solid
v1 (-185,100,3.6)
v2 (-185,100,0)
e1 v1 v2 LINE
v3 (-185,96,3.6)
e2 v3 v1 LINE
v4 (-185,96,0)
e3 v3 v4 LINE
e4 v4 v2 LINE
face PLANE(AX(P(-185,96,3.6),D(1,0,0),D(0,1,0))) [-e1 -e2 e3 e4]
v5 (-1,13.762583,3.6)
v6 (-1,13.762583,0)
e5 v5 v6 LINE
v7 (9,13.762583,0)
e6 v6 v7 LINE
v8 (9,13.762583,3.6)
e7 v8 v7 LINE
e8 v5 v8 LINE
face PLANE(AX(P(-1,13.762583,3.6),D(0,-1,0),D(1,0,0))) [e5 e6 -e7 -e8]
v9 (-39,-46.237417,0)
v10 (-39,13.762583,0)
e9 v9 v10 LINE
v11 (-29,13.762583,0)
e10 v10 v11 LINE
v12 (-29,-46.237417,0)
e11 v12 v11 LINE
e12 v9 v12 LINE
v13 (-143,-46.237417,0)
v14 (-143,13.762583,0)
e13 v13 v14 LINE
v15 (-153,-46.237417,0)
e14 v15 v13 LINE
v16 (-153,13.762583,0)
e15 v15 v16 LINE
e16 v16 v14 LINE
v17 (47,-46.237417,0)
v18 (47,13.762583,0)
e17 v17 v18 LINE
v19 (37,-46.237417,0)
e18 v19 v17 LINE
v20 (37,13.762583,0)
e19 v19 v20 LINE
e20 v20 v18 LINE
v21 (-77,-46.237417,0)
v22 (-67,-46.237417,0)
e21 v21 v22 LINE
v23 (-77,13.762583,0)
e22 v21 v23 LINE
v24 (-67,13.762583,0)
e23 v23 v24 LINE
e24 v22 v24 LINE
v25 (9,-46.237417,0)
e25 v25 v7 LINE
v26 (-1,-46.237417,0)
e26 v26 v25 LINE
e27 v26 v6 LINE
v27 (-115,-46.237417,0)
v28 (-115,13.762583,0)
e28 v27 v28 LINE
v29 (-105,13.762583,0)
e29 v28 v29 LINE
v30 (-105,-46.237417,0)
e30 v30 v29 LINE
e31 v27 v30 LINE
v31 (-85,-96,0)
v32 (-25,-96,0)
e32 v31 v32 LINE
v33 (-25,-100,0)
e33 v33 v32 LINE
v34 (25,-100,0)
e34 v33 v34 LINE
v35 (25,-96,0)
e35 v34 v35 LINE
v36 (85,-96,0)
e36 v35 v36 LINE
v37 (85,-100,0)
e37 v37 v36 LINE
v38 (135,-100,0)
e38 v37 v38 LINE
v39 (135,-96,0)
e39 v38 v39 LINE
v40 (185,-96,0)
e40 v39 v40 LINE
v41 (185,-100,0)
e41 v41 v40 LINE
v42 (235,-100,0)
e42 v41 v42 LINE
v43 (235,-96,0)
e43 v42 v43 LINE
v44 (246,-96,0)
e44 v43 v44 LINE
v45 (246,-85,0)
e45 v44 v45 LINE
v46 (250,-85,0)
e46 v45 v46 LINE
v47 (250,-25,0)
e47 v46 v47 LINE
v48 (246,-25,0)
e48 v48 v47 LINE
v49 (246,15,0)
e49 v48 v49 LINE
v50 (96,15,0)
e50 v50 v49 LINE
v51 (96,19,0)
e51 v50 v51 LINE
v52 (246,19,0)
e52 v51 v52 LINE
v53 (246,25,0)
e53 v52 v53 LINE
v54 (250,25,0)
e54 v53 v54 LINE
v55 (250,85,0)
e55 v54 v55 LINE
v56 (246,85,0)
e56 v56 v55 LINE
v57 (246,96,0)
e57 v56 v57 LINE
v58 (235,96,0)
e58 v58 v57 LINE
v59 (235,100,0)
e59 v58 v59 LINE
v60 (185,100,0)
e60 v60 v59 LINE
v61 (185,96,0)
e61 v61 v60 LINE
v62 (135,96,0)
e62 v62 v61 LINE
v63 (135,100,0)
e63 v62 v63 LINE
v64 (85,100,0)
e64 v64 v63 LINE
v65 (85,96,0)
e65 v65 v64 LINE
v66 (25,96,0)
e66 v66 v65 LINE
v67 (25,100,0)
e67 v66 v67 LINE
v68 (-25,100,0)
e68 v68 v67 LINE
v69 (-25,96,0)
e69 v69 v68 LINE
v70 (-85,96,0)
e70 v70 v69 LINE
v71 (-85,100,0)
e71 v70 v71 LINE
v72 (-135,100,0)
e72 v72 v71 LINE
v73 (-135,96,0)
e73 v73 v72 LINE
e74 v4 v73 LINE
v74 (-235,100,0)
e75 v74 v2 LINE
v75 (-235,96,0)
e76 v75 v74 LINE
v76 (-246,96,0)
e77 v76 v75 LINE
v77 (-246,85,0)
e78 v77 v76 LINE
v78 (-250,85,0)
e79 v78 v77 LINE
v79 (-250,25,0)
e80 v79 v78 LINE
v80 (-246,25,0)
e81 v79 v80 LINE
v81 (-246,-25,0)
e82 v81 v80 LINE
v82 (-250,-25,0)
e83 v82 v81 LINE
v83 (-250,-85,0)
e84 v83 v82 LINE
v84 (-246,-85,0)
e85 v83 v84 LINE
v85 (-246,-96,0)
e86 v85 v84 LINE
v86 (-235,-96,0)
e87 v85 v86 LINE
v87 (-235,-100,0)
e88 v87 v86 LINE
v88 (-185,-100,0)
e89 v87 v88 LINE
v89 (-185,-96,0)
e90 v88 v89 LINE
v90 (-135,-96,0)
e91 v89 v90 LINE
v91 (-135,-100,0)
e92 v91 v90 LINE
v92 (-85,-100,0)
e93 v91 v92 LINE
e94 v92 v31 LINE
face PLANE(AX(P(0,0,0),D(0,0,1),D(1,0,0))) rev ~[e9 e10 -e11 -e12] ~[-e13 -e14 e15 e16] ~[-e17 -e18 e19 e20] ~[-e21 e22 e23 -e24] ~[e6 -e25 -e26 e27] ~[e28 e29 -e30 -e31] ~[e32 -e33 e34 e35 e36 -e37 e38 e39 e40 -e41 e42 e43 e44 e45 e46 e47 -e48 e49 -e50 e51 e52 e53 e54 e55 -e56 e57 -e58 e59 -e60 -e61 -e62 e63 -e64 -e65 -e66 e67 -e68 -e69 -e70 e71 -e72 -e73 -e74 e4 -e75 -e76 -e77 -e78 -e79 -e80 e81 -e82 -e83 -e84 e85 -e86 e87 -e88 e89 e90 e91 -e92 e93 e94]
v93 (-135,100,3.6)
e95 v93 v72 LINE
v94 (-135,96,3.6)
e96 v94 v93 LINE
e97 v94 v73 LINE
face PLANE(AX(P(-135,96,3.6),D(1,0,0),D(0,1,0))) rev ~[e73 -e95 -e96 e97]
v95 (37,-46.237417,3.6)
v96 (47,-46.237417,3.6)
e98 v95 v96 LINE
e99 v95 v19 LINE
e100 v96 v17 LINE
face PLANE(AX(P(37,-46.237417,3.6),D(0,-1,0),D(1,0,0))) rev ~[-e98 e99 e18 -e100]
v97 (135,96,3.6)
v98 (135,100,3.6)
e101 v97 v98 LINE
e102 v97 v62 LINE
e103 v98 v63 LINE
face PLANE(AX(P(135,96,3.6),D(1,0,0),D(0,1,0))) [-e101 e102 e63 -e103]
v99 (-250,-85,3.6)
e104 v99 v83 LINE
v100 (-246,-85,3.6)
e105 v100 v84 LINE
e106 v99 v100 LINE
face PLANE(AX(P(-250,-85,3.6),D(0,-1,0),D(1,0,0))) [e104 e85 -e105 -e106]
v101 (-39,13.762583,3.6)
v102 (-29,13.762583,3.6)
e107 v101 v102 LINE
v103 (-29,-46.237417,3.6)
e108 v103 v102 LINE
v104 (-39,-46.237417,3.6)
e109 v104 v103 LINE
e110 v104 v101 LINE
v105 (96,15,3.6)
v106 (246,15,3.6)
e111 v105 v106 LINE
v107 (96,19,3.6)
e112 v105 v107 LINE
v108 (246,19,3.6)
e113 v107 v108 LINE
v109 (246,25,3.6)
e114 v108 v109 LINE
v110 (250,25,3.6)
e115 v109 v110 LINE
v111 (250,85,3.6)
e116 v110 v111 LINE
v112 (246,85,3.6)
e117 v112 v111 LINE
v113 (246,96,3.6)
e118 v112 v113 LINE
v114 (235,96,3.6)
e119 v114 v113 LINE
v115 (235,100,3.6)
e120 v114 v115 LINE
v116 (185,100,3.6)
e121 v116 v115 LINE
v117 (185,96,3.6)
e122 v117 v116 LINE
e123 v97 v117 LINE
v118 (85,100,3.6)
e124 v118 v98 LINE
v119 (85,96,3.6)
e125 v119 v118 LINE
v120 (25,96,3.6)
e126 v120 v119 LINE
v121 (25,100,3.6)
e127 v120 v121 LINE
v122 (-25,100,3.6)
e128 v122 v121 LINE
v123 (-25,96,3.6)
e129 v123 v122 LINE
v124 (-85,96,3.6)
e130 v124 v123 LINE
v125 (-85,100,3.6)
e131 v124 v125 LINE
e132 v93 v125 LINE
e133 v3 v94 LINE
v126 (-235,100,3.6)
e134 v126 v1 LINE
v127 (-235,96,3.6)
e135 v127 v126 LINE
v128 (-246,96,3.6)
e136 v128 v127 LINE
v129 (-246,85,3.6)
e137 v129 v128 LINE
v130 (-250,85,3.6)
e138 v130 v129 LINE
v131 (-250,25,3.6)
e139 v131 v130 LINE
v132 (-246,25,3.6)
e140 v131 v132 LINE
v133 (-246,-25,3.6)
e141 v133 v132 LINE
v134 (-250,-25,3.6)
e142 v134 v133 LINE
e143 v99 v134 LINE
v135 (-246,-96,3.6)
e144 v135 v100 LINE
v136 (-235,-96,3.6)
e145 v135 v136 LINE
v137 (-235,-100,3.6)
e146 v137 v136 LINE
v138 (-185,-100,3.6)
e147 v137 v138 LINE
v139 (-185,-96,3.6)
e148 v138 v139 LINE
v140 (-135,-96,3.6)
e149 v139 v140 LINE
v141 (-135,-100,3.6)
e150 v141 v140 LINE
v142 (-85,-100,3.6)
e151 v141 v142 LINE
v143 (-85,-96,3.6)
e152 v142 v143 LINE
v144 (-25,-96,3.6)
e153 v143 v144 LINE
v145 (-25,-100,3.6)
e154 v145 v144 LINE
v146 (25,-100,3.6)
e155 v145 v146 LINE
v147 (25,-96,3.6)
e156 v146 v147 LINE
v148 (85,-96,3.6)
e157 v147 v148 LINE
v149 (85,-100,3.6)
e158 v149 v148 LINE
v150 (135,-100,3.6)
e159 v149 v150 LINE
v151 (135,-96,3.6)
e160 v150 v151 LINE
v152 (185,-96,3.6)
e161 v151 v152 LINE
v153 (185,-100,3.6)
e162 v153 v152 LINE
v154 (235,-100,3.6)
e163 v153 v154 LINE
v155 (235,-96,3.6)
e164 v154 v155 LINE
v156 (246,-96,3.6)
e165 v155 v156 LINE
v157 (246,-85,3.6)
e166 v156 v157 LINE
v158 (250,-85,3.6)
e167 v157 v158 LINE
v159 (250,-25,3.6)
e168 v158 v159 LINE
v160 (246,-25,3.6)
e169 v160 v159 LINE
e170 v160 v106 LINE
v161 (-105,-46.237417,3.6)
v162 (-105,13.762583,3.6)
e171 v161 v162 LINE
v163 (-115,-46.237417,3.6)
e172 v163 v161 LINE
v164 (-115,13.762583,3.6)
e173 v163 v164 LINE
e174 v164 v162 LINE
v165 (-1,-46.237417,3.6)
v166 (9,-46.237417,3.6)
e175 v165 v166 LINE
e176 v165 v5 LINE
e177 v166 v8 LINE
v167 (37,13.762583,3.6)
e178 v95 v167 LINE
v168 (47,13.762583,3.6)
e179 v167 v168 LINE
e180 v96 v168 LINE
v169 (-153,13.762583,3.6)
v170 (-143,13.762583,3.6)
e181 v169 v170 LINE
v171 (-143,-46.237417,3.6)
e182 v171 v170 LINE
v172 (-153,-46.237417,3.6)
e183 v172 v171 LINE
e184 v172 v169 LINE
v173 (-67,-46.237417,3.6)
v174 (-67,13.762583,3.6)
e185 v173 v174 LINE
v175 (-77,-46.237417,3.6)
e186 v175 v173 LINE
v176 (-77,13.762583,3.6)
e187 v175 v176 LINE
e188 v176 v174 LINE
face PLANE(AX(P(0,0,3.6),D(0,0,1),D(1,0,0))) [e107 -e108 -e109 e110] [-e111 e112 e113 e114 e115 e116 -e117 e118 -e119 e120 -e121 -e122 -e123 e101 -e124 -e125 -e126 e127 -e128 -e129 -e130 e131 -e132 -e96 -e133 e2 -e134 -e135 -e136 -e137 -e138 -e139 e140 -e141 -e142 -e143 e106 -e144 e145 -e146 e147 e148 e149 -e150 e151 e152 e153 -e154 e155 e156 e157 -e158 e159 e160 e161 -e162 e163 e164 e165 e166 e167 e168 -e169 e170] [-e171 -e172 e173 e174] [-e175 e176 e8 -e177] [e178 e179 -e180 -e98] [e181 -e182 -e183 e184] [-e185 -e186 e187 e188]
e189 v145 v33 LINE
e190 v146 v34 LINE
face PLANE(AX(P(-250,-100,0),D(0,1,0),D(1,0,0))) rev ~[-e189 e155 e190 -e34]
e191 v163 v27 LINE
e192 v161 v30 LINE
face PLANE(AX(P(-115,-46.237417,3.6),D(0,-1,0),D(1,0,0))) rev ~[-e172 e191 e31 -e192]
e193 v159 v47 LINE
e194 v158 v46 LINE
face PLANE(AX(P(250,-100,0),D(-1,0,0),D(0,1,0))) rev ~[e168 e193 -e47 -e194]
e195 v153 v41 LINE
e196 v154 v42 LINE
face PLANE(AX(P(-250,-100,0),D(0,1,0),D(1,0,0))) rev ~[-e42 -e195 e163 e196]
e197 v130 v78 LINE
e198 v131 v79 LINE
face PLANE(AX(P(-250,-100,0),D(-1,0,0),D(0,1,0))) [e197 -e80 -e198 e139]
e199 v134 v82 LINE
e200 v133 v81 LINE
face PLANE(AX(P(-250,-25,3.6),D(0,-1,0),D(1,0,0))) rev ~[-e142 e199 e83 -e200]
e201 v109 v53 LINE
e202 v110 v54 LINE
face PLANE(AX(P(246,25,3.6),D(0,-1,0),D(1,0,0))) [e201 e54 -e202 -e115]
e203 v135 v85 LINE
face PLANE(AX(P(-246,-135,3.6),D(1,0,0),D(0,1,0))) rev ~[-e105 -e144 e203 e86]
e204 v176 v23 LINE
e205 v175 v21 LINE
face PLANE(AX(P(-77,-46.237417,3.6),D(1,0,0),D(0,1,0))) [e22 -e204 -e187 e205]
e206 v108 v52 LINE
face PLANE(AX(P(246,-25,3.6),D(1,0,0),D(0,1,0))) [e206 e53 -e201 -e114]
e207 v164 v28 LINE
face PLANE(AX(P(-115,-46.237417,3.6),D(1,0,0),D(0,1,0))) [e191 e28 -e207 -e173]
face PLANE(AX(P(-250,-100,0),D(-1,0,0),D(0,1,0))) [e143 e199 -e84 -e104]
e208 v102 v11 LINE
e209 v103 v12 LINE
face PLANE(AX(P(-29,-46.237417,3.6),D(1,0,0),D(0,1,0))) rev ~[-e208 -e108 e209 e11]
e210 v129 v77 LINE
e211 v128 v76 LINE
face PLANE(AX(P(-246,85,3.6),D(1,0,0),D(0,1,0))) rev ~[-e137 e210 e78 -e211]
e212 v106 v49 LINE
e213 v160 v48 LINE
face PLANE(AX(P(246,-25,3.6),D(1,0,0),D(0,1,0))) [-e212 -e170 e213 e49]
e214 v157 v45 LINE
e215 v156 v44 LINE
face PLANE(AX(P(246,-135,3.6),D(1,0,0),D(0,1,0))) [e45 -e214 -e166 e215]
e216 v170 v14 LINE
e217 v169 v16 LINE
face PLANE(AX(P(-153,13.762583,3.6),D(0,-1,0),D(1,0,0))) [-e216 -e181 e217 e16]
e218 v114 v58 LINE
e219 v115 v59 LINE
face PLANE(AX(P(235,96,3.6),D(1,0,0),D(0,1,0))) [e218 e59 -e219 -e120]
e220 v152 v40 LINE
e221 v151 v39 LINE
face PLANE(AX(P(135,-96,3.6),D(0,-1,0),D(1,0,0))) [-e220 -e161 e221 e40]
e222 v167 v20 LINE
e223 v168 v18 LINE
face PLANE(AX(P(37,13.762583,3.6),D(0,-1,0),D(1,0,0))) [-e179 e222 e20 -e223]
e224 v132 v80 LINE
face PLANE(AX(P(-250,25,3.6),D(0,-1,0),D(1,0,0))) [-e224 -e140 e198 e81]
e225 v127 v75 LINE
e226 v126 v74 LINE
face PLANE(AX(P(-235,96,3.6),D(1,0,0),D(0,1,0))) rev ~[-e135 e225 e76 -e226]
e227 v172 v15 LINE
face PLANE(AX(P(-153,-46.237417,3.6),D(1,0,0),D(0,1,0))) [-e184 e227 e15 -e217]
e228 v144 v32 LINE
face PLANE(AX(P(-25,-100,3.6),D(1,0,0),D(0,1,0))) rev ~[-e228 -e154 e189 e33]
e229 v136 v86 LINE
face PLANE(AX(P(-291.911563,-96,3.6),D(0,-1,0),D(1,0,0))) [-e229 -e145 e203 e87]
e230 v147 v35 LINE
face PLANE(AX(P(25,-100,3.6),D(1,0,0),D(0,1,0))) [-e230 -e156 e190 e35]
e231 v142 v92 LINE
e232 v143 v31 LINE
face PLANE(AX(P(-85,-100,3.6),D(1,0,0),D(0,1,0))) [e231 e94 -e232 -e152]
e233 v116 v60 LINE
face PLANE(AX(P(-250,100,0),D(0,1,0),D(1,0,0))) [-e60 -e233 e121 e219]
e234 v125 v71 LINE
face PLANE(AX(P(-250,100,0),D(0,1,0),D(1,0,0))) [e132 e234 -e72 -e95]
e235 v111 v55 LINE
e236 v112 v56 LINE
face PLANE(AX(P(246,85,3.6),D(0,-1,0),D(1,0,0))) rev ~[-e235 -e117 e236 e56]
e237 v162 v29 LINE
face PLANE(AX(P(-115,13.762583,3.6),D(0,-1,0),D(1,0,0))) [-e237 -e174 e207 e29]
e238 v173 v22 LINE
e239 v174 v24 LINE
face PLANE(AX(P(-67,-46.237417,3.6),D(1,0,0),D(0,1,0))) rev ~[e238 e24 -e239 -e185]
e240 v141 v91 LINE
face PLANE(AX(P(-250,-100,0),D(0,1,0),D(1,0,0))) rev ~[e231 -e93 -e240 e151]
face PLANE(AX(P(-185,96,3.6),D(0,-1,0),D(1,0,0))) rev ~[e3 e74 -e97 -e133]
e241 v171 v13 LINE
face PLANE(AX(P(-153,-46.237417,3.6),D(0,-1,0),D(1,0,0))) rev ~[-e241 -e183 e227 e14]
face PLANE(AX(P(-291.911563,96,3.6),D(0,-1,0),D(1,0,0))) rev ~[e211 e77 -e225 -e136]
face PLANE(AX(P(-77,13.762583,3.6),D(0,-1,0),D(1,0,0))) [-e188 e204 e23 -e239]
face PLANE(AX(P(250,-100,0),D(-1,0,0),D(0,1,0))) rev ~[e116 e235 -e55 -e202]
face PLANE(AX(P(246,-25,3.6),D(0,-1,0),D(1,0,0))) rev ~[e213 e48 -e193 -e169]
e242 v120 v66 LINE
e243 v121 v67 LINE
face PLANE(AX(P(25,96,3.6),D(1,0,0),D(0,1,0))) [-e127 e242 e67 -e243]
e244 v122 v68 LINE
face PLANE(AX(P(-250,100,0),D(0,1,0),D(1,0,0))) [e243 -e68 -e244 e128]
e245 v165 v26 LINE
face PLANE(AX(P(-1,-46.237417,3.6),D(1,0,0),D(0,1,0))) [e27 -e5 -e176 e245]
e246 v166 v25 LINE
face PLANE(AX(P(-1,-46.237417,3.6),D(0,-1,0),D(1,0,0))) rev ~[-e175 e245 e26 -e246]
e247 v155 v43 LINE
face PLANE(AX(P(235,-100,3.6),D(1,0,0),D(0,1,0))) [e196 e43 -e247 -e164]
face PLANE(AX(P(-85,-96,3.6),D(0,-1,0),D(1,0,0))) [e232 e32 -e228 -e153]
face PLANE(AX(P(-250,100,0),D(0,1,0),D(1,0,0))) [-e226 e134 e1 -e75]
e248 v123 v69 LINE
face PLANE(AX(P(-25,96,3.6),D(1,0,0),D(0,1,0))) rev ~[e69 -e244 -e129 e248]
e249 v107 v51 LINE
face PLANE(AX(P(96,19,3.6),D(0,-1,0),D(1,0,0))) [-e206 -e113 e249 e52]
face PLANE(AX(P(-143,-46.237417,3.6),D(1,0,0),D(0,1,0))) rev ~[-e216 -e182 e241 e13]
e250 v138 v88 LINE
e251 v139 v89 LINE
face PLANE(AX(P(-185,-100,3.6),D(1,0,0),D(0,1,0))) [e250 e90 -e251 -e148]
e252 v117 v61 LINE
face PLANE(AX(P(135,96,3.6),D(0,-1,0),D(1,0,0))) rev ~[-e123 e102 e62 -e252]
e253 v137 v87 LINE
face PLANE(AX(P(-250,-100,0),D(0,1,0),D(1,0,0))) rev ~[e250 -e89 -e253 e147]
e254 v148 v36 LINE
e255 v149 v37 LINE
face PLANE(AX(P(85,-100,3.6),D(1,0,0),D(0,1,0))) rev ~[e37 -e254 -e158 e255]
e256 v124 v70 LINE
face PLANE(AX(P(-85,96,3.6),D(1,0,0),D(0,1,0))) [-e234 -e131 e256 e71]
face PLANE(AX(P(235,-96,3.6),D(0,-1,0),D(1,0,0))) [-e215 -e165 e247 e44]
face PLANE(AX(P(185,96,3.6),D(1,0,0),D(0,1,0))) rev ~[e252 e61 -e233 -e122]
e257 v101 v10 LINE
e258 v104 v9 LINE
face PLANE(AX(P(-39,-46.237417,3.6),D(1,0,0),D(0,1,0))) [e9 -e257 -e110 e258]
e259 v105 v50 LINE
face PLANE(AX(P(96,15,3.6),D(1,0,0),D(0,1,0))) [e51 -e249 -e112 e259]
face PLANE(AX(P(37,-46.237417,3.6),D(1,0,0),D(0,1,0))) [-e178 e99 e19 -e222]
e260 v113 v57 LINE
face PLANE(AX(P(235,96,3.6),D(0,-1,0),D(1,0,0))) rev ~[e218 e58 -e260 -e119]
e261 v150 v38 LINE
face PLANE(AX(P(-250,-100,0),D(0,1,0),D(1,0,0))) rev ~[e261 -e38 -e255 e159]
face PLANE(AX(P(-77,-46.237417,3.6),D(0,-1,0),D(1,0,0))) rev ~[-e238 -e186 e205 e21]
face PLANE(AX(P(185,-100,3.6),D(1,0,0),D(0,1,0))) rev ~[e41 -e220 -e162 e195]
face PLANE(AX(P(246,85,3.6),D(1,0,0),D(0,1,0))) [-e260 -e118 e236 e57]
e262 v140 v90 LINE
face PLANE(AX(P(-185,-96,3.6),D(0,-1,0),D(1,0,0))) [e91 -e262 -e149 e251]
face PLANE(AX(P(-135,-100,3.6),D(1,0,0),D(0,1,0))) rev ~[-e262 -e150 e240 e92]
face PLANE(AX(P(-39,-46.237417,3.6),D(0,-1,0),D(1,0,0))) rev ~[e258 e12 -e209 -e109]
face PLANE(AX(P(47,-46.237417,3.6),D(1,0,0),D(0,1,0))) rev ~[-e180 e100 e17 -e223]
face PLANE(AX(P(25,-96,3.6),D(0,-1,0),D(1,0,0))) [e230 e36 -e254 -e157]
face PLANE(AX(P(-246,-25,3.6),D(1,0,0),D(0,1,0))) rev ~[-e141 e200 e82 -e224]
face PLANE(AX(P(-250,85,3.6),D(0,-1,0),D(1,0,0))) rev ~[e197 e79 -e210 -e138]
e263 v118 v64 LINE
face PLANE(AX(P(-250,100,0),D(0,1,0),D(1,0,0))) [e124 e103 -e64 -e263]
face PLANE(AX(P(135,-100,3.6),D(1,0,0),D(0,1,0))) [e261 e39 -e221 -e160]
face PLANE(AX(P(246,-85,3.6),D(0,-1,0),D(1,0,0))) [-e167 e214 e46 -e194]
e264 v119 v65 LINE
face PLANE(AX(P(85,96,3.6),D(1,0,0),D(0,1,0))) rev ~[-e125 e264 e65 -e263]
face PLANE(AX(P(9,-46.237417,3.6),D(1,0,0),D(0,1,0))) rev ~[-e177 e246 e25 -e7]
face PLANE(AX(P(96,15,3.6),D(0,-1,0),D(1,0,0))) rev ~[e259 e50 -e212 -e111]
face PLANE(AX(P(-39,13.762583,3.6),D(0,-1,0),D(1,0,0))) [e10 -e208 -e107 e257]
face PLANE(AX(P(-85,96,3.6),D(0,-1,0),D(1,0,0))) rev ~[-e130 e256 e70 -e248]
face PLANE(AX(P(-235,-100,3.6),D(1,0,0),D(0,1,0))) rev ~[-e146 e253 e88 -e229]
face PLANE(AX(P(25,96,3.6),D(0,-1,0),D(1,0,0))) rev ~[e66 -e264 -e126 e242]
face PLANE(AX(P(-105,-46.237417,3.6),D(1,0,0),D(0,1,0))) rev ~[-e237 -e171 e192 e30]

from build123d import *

# Parameters (mm, degrees)
SKETCH_1_W          = 500
SKETCH_1_H          = 200
EXTRUDE_1_DEPTH     = 3.6
SKETCH_3_W          = 4
SKETCH_3_H          = 50
CUT_EXTRUDE_2_DEPTH = 3.6
SKETCH_4_W          = 56.911563003
SKETCH_4_H          = 4
SKETCH_4_W_2        = 50
SKETCH_4_W_3        = 60
SKETCH_4_W_4        = 57.96169575
CUT_EXTRUDE_3_DEPTH = 10
SKETCH_5_W          = 10
SKETCH_5_H          = 60
CUT_EXTRUDE_4_DEPTH = 270.282305397
SKETCH_6_W          = 194.899640321
SKETCH_6_H          = 4
CUT_EXTRUDE_5_DEPTH = 270.282305397


with BuildPart() as part:
    # 草图1 → 凸台-拉伸1 (new body)
    with BuildSketch(Plane.XY):
        Rectangle(SKETCH_1_W, SKETCH_1_H)
    extrude(amount=EXTRUDE_1_DEPTH)

    # 草图3 → 切除-拉伸2 (cut)
    with BuildSketch(Plane.XY.offset(3.6)):
        with Locations((-248, 0)):
            Rectangle(SKETCH_3_W, SKETCH_3_H)
        with Locations((-248, 110)):
            Rectangle(SKETCH_3_W, SKETCH_3_H)
        with Locations((-248, -110)):
            Rectangle(SKETCH_3_W, SKETCH_3_H)
        with Locations((248, 110)):
            Rectangle(SKETCH_3_W, SKETCH_3_H)
        with Locations((248, 0)):
            Rectangle(SKETCH_3_W, SKETCH_3_H)
        with Locations((248, -110)):
            Rectangle(SKETCH_3_W, SKETCH_3_H)
    extrude(amount=-CUT_EXTRUDE_2_DEPTH, mode=Mode.SUBTRACT)

    # 草图4 → 切除-拉伸3 (cut)
    with BuildSketch(Plane.XY.offset(3.6)):
        with Locations((-263.455781502, -98)):
            Rectangle(SKETCH_4_W, SKETCH_4_H)
        with Locations((-160, -98)):
            Rectangle(SKETCH_4_W_2, SKETCH_4_H)
        with Locations((-55, -98)):
            Rectangle(SKETCH_4_W_3, SKETCH_4_H)
        with Locations((55, -98)):
            Rectangle(SKETCH_4_W_3, SKETCH_4_H)
        with Locations((160, -98)):
            Rectangle(SKETCH_4_W_2, SKETCH_4_H)
        with Locations((263.980847875, -98)):
            Rectangle(SKETCH_4_W_4, SKETCH_4_H)
        with Locations((263.980847875, 98)):
            Rectangle(SKETCH_4_W_4, SKETCH_4_H)
        with Locations((160, 98)):
            Rectangle(SKETCH_4_W_2, SKETCH_4_H)
        with Locations((55, 98)):
            Rectangle(SKETCH_4_W_3, SKETCH_4_H)
        with Locations((-55, 98)):
            Rectangle(SKETCH_4_W_3, SKETCH_4_H)
        with Locations((-160, 98)):
            Rectangle(SKETCH_4_W_2, SKETCH_4_H)
        with Locations((-263.455781502, 98)):
            Rectangle(SKETCH_4_W, SKETCH_4_H)
    extrude(amount=-CUT_EXTRUDE_3_DEPTH, mode=Mode.SUBTRACT)

    # 草图5 → 切除-拉伸4 (cut, through all)
    with BuildSketch(Plane.XY.offset(3.6)):
        with Locations((-148, -16.237417244)):
            Rectangle(SKETCH_5_W, SKETCH_5_H)
        with Locations((-110, -16.237417244)):
            Rectangle(SKETCH_5_W, SKETCH_5_H)
        with Locations((-72, -16.237417244)):
            Rectangle(SKETCH_5_W, SKETCH_5_H)
        with Locations((-34, -16.237417244)):
            Rectangle(SKETCH_5_W, SKETCH_5_H)
        with Locations((4, -16.237417244)):
            Rectangle(SKETCH_5_W, SKETCH_5_H)
        with Locations((42, -16.237417244)):
            Rectangle(SKETCH_5_W, SKETCH_5_H)
    extrude(amount=-CUT_EXTRUDE_4_DEPTH, mode=Mode.SUBTRACT)

    # 草图6 → 切除-拉伸5 (cut, through all)
    with BuildSketch(Plane.XY.offset(3.6)):
        with Locations((193.44982016, 17)):
            Rectangle(SKETCH_6_W, SKETCH_6_H)
    extrude(amount=-CUT_EXTRUDE_5_DEPTH, mode=Mode.SUBTRACT)


solid = part.part
